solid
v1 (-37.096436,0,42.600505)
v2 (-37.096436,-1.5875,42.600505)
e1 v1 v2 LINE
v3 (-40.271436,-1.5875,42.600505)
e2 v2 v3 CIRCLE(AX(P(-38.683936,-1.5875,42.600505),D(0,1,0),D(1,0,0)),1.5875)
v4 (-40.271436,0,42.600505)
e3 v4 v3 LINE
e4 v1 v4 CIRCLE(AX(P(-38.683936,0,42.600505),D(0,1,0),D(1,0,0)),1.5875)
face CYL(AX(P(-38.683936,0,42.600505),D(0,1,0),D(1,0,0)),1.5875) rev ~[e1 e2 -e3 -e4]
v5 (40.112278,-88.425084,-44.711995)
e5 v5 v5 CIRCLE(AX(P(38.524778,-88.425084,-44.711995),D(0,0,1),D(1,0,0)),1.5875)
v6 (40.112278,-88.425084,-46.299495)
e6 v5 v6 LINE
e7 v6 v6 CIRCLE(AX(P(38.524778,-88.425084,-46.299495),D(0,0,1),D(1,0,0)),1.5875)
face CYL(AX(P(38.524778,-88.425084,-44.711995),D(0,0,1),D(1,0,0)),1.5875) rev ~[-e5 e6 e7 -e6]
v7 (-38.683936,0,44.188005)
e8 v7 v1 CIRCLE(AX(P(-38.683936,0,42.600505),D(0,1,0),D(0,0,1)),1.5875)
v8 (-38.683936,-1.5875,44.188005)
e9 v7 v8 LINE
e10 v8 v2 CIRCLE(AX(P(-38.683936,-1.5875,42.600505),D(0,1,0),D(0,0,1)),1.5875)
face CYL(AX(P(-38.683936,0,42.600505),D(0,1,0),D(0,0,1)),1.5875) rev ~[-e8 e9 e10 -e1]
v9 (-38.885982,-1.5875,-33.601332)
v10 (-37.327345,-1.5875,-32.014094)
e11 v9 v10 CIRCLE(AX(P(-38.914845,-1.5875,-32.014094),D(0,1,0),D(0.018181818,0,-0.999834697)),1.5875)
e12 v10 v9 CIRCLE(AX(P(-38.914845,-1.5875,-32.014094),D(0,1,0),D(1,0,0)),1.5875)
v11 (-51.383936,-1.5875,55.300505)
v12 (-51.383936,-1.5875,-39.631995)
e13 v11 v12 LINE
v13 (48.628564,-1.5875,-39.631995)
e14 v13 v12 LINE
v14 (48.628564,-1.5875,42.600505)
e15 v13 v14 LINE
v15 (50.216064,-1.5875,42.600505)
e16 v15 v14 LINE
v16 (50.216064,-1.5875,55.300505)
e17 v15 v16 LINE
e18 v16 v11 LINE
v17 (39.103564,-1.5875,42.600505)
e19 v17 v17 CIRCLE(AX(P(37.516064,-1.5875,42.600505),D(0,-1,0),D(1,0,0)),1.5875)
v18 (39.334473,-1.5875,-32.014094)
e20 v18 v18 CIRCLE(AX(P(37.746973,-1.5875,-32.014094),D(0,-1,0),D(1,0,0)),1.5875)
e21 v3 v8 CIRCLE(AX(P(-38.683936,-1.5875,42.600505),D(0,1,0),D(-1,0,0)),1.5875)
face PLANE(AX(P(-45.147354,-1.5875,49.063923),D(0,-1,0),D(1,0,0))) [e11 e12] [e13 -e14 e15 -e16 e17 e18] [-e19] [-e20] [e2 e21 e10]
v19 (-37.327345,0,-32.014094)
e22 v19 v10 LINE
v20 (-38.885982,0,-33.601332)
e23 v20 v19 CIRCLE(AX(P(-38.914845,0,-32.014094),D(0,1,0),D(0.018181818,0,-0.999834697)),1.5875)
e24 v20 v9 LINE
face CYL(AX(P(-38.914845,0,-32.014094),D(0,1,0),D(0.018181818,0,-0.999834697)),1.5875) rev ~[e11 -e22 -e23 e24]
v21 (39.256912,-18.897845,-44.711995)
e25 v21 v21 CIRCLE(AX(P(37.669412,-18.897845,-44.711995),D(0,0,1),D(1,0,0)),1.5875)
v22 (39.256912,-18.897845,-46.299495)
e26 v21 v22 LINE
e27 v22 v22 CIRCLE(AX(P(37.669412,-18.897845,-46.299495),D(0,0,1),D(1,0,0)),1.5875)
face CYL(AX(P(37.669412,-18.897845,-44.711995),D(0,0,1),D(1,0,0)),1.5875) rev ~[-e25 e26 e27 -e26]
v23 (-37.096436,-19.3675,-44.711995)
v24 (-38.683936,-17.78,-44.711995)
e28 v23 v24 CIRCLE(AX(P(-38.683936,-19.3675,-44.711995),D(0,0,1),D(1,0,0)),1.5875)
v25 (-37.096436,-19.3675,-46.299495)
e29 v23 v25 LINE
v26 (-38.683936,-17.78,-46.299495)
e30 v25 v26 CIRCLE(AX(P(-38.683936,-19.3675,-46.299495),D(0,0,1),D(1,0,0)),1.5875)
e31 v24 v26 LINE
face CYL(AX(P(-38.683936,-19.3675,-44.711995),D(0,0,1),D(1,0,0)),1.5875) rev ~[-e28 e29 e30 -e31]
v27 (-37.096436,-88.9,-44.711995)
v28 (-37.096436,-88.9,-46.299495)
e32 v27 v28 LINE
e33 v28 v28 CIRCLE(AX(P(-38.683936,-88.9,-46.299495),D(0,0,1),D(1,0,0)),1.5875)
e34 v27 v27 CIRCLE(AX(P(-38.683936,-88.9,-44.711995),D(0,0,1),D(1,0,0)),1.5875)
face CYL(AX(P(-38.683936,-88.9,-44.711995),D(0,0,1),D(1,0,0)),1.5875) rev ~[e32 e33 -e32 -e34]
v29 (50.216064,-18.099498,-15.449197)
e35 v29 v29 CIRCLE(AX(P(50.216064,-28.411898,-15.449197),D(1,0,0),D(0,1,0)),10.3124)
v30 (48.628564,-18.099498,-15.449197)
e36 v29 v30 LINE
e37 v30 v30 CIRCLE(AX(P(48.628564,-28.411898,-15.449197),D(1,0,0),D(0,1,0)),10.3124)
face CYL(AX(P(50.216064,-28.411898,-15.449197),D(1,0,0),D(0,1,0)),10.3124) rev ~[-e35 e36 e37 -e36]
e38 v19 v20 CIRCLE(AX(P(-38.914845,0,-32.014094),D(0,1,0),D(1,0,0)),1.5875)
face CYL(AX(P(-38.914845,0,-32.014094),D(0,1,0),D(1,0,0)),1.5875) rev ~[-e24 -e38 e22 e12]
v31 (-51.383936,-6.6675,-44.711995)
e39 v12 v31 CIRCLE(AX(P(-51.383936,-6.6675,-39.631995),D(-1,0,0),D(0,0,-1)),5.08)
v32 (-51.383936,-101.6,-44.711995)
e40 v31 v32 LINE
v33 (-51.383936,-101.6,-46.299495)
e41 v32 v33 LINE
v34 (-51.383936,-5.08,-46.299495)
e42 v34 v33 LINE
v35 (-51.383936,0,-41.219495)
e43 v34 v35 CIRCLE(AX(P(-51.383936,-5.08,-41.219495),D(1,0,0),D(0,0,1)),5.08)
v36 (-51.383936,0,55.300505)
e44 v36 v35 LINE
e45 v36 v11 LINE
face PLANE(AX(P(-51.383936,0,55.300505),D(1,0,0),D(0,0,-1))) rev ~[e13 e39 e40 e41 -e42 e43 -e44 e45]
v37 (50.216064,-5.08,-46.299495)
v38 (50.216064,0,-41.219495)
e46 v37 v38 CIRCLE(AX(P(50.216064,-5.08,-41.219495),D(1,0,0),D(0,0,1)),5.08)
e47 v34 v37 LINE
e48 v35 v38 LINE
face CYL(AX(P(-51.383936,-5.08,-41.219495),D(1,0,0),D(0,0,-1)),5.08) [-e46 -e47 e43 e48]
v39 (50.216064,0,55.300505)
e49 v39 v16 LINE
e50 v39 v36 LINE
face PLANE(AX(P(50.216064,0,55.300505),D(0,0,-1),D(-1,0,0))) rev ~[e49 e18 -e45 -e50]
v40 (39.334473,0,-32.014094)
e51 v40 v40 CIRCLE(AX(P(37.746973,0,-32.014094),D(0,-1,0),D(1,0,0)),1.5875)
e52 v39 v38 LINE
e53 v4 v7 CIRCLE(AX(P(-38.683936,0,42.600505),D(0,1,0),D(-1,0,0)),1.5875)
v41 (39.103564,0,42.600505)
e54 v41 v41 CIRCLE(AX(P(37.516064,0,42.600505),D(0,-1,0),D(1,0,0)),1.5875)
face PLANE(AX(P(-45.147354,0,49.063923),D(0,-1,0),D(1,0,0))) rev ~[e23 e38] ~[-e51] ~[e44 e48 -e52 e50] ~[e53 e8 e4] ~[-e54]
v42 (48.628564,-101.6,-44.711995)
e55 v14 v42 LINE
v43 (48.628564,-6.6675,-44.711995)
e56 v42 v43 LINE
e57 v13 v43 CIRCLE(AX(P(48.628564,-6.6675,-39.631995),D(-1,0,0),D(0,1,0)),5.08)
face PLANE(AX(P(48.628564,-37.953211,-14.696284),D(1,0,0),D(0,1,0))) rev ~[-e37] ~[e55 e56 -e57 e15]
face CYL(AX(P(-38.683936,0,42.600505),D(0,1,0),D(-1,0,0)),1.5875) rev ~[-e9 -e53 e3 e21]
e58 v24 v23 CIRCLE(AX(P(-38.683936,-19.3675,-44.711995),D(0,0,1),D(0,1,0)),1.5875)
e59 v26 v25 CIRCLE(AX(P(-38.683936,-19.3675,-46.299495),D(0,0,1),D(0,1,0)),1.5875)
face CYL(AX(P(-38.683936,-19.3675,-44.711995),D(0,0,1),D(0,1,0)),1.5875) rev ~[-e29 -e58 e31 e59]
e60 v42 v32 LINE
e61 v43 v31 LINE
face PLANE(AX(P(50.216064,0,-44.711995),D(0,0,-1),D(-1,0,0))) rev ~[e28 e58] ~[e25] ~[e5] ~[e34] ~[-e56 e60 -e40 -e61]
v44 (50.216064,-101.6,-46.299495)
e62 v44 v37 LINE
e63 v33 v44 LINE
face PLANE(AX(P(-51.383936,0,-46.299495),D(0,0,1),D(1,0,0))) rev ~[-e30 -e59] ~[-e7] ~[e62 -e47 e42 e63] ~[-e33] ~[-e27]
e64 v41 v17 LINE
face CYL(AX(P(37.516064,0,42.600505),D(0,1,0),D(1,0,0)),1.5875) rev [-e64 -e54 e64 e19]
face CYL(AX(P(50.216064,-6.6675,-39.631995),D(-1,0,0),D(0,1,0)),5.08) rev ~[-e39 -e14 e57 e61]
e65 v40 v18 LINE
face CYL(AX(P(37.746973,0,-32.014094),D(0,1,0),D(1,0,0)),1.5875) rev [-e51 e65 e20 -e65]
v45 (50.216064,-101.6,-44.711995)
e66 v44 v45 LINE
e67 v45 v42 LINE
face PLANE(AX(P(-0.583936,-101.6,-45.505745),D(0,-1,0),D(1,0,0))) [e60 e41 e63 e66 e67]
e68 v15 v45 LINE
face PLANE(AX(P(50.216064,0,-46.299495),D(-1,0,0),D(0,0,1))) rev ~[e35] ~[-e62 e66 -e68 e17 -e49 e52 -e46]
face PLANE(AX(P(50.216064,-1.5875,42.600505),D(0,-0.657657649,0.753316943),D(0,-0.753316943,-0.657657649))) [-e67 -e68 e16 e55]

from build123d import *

# Parameters (mm, degrees)
F1_DEPTH  = 101.6
F0_W      = 50.8
F0_H      = 100.0125
F0_R      = 1.5875
F2_DEPTH  = 1.5875
F4_DEPTH  = 1.5875
F5_R      = 5.08
F6_R      = 5.08
F7_R      = 1.5875
F8_DEPTH  = 25.4
F10_R     = 10.3124
F11_DEPTH = 25.4


with BuildPart() as f1:
    # F0 (on Front) → F1 (new body)
    with BuildSketch(Plane.XZ):
        Polygon((-38.6839361429, -44.711994803), (-51.3839361429, -44.711994803), (-51.3839361429, -46.299494803), (50.2160638571, -46.299494803), (50.2160638571, -44.711994803), (-0.5839361429, -44.711994803), align=None)
    extrude(amount=F1_DEPTH)

    # F0 (on Front) → F2 (join)
    with BuildSketch(Plane.XZ):
        with BuildLine():
            Line((-38.6839361429, 55.300505197), (-51.3839361429, 55.300505197))
            Line((-51.3839361429, 55.300505197), (-51.3839361429, 42.600505197))
            Line((-51.3839361429, 42.600505197), (-40.2714361429, 42.600505197))
            ThreePointArc((-40.2714361429, 42.600505197), (-39.8064681581, 43.7230372122), (-38.6839361429, 44.188005197))
            Line((-38.6839361429, 44.188005197), (-38.6839361429, 55.300505197))
        make_face()
        with BuildLine():
            Line((-0.5839361429, 55.300505197), (-38.6839361429, 55.300505197))
            Line((-38.6839361429, 55.300505197), (-38.6839361429, 44.188005197))
            ThreePointArc((-38.6839361429, 44.188005197), (-37.5614041278, 43.7230372122), (-37.0964361429, 42.600505197))
            ThreePointArc((-37.0964361429, 42.600505197), (-38.6839361429, 41.013005197), (-40.2714361429, 42.600505197))
            Line((-40.2714361429, 42.600505197), (-51.3839361429, 42.600505197))
            Line((-51.3839361429, 42.600505197), (-51.3839361429, -44.711994803))
            Line((-51.3839361429, -44.711994803), (-38.6839361429, -44.711994803))
            Line((-38.6839361429, -44.711994803), (-0.5839361429, -44.711994803))
            Line((-0.5839361429, -44.711994803), (-0.5839361429, 55.300505197))
        make_face()
        with BuildLine():
            ThreePointArc((-37.3273452338, -32.01409415), (-37.7821543509, -33.1263745165), (-38.8859815975, -33.6013317316))
            ThreePointArc((-38.8859815975, -33.6013317316), (-40.0475361168, -30.9018137835), (-37.3273452338, -32.01409415))
        make_face(mode=Mode.SUBTRACT)
        with Locations((24.8160638571, 5.294255197)):
            Rectangle(F0_W, F0_H)
        with Locations((37.746972948, -32.01409415)):
            Circle(F0_R, mode=Mode.SUBTRACT)
        with Locations((37.5160638571, 42.600505197)):
            Circle(F0_R, mode=Mode.SUBTRACT)
        Polygon((-38.6839361429, -44.711994803), (-51.3839361429, -44.711994803), (-51.3839361429, -46.299494803), (50.2160638571, -46.299494803), (50.2160638571, -44.711994803), (-0.5839361429, -44.711994803), align=None)
    extrude(amount=F2_DEPTH)

    # F5
    f5_edges = [f1.edges().sort_by_distance(p)[0] for p in [
        (-0.583936, 0, -46.299495),
    ]]
    fillet(f5_edges, radius=F5_R)

    # F6
    f6_edges = [f1.edges().sort_by_distance(p)[0] for p in [
        (-0.583936, -1.5875, -44.711995),
    ]]
    fillet(f6_edges, radius=F6_R)

    # F7 (on face) → F8 (cut)
    with BuildSketch(Plane.XY.offset(-44.711994803)):
        with BuildLine():
            ThreePointArc((-38.6839361429, -17.78), (-39.8064681581, -20.4900320151), (-37.0964361429, -19.3675))
            ThreePointArc((-37.0964361429, -19.3675), (-37.5614041278, -18.2449679849), (-38.6839361429, -17.78))
        make_face()
        with Locations((-38.6839361429, -88.9)):
            Circle(F7_R)
        with Locations((37.6694120758, -18.8978454596)):
            Circle(F7_R)
        with Locations((38.5247778081, -88.4250840479)):
            Circle(F7_R)
    extrude(amount=-F8_DEPTH, mode=Mode.SUBTRACT)


with BuildPart() as f4:
    # F3 (on face) → F4 (new body)
    with BuildSketch(Plane.YZ.offset(50.2160638571)):
        Polygon((-1.5875, -44.711994803), (-1.5875, 42.600505197), (-101.6, -44.711994803), align=None)
    extrude(amount=-F4_DEPTH)

    # F9: union F1
    add(f1.part)

    # F10 (on face) → F11 (cut)
    with BuildSketch(Plane.YZ.offset(50.2160638571)):
        with Locations((-28.4118975516, -15.4491972514)):
            Circle(F10_R)
    extrude(amount=-F11_DEPTH, mode=Mode.SUBTRACT)


solid = f4.part
